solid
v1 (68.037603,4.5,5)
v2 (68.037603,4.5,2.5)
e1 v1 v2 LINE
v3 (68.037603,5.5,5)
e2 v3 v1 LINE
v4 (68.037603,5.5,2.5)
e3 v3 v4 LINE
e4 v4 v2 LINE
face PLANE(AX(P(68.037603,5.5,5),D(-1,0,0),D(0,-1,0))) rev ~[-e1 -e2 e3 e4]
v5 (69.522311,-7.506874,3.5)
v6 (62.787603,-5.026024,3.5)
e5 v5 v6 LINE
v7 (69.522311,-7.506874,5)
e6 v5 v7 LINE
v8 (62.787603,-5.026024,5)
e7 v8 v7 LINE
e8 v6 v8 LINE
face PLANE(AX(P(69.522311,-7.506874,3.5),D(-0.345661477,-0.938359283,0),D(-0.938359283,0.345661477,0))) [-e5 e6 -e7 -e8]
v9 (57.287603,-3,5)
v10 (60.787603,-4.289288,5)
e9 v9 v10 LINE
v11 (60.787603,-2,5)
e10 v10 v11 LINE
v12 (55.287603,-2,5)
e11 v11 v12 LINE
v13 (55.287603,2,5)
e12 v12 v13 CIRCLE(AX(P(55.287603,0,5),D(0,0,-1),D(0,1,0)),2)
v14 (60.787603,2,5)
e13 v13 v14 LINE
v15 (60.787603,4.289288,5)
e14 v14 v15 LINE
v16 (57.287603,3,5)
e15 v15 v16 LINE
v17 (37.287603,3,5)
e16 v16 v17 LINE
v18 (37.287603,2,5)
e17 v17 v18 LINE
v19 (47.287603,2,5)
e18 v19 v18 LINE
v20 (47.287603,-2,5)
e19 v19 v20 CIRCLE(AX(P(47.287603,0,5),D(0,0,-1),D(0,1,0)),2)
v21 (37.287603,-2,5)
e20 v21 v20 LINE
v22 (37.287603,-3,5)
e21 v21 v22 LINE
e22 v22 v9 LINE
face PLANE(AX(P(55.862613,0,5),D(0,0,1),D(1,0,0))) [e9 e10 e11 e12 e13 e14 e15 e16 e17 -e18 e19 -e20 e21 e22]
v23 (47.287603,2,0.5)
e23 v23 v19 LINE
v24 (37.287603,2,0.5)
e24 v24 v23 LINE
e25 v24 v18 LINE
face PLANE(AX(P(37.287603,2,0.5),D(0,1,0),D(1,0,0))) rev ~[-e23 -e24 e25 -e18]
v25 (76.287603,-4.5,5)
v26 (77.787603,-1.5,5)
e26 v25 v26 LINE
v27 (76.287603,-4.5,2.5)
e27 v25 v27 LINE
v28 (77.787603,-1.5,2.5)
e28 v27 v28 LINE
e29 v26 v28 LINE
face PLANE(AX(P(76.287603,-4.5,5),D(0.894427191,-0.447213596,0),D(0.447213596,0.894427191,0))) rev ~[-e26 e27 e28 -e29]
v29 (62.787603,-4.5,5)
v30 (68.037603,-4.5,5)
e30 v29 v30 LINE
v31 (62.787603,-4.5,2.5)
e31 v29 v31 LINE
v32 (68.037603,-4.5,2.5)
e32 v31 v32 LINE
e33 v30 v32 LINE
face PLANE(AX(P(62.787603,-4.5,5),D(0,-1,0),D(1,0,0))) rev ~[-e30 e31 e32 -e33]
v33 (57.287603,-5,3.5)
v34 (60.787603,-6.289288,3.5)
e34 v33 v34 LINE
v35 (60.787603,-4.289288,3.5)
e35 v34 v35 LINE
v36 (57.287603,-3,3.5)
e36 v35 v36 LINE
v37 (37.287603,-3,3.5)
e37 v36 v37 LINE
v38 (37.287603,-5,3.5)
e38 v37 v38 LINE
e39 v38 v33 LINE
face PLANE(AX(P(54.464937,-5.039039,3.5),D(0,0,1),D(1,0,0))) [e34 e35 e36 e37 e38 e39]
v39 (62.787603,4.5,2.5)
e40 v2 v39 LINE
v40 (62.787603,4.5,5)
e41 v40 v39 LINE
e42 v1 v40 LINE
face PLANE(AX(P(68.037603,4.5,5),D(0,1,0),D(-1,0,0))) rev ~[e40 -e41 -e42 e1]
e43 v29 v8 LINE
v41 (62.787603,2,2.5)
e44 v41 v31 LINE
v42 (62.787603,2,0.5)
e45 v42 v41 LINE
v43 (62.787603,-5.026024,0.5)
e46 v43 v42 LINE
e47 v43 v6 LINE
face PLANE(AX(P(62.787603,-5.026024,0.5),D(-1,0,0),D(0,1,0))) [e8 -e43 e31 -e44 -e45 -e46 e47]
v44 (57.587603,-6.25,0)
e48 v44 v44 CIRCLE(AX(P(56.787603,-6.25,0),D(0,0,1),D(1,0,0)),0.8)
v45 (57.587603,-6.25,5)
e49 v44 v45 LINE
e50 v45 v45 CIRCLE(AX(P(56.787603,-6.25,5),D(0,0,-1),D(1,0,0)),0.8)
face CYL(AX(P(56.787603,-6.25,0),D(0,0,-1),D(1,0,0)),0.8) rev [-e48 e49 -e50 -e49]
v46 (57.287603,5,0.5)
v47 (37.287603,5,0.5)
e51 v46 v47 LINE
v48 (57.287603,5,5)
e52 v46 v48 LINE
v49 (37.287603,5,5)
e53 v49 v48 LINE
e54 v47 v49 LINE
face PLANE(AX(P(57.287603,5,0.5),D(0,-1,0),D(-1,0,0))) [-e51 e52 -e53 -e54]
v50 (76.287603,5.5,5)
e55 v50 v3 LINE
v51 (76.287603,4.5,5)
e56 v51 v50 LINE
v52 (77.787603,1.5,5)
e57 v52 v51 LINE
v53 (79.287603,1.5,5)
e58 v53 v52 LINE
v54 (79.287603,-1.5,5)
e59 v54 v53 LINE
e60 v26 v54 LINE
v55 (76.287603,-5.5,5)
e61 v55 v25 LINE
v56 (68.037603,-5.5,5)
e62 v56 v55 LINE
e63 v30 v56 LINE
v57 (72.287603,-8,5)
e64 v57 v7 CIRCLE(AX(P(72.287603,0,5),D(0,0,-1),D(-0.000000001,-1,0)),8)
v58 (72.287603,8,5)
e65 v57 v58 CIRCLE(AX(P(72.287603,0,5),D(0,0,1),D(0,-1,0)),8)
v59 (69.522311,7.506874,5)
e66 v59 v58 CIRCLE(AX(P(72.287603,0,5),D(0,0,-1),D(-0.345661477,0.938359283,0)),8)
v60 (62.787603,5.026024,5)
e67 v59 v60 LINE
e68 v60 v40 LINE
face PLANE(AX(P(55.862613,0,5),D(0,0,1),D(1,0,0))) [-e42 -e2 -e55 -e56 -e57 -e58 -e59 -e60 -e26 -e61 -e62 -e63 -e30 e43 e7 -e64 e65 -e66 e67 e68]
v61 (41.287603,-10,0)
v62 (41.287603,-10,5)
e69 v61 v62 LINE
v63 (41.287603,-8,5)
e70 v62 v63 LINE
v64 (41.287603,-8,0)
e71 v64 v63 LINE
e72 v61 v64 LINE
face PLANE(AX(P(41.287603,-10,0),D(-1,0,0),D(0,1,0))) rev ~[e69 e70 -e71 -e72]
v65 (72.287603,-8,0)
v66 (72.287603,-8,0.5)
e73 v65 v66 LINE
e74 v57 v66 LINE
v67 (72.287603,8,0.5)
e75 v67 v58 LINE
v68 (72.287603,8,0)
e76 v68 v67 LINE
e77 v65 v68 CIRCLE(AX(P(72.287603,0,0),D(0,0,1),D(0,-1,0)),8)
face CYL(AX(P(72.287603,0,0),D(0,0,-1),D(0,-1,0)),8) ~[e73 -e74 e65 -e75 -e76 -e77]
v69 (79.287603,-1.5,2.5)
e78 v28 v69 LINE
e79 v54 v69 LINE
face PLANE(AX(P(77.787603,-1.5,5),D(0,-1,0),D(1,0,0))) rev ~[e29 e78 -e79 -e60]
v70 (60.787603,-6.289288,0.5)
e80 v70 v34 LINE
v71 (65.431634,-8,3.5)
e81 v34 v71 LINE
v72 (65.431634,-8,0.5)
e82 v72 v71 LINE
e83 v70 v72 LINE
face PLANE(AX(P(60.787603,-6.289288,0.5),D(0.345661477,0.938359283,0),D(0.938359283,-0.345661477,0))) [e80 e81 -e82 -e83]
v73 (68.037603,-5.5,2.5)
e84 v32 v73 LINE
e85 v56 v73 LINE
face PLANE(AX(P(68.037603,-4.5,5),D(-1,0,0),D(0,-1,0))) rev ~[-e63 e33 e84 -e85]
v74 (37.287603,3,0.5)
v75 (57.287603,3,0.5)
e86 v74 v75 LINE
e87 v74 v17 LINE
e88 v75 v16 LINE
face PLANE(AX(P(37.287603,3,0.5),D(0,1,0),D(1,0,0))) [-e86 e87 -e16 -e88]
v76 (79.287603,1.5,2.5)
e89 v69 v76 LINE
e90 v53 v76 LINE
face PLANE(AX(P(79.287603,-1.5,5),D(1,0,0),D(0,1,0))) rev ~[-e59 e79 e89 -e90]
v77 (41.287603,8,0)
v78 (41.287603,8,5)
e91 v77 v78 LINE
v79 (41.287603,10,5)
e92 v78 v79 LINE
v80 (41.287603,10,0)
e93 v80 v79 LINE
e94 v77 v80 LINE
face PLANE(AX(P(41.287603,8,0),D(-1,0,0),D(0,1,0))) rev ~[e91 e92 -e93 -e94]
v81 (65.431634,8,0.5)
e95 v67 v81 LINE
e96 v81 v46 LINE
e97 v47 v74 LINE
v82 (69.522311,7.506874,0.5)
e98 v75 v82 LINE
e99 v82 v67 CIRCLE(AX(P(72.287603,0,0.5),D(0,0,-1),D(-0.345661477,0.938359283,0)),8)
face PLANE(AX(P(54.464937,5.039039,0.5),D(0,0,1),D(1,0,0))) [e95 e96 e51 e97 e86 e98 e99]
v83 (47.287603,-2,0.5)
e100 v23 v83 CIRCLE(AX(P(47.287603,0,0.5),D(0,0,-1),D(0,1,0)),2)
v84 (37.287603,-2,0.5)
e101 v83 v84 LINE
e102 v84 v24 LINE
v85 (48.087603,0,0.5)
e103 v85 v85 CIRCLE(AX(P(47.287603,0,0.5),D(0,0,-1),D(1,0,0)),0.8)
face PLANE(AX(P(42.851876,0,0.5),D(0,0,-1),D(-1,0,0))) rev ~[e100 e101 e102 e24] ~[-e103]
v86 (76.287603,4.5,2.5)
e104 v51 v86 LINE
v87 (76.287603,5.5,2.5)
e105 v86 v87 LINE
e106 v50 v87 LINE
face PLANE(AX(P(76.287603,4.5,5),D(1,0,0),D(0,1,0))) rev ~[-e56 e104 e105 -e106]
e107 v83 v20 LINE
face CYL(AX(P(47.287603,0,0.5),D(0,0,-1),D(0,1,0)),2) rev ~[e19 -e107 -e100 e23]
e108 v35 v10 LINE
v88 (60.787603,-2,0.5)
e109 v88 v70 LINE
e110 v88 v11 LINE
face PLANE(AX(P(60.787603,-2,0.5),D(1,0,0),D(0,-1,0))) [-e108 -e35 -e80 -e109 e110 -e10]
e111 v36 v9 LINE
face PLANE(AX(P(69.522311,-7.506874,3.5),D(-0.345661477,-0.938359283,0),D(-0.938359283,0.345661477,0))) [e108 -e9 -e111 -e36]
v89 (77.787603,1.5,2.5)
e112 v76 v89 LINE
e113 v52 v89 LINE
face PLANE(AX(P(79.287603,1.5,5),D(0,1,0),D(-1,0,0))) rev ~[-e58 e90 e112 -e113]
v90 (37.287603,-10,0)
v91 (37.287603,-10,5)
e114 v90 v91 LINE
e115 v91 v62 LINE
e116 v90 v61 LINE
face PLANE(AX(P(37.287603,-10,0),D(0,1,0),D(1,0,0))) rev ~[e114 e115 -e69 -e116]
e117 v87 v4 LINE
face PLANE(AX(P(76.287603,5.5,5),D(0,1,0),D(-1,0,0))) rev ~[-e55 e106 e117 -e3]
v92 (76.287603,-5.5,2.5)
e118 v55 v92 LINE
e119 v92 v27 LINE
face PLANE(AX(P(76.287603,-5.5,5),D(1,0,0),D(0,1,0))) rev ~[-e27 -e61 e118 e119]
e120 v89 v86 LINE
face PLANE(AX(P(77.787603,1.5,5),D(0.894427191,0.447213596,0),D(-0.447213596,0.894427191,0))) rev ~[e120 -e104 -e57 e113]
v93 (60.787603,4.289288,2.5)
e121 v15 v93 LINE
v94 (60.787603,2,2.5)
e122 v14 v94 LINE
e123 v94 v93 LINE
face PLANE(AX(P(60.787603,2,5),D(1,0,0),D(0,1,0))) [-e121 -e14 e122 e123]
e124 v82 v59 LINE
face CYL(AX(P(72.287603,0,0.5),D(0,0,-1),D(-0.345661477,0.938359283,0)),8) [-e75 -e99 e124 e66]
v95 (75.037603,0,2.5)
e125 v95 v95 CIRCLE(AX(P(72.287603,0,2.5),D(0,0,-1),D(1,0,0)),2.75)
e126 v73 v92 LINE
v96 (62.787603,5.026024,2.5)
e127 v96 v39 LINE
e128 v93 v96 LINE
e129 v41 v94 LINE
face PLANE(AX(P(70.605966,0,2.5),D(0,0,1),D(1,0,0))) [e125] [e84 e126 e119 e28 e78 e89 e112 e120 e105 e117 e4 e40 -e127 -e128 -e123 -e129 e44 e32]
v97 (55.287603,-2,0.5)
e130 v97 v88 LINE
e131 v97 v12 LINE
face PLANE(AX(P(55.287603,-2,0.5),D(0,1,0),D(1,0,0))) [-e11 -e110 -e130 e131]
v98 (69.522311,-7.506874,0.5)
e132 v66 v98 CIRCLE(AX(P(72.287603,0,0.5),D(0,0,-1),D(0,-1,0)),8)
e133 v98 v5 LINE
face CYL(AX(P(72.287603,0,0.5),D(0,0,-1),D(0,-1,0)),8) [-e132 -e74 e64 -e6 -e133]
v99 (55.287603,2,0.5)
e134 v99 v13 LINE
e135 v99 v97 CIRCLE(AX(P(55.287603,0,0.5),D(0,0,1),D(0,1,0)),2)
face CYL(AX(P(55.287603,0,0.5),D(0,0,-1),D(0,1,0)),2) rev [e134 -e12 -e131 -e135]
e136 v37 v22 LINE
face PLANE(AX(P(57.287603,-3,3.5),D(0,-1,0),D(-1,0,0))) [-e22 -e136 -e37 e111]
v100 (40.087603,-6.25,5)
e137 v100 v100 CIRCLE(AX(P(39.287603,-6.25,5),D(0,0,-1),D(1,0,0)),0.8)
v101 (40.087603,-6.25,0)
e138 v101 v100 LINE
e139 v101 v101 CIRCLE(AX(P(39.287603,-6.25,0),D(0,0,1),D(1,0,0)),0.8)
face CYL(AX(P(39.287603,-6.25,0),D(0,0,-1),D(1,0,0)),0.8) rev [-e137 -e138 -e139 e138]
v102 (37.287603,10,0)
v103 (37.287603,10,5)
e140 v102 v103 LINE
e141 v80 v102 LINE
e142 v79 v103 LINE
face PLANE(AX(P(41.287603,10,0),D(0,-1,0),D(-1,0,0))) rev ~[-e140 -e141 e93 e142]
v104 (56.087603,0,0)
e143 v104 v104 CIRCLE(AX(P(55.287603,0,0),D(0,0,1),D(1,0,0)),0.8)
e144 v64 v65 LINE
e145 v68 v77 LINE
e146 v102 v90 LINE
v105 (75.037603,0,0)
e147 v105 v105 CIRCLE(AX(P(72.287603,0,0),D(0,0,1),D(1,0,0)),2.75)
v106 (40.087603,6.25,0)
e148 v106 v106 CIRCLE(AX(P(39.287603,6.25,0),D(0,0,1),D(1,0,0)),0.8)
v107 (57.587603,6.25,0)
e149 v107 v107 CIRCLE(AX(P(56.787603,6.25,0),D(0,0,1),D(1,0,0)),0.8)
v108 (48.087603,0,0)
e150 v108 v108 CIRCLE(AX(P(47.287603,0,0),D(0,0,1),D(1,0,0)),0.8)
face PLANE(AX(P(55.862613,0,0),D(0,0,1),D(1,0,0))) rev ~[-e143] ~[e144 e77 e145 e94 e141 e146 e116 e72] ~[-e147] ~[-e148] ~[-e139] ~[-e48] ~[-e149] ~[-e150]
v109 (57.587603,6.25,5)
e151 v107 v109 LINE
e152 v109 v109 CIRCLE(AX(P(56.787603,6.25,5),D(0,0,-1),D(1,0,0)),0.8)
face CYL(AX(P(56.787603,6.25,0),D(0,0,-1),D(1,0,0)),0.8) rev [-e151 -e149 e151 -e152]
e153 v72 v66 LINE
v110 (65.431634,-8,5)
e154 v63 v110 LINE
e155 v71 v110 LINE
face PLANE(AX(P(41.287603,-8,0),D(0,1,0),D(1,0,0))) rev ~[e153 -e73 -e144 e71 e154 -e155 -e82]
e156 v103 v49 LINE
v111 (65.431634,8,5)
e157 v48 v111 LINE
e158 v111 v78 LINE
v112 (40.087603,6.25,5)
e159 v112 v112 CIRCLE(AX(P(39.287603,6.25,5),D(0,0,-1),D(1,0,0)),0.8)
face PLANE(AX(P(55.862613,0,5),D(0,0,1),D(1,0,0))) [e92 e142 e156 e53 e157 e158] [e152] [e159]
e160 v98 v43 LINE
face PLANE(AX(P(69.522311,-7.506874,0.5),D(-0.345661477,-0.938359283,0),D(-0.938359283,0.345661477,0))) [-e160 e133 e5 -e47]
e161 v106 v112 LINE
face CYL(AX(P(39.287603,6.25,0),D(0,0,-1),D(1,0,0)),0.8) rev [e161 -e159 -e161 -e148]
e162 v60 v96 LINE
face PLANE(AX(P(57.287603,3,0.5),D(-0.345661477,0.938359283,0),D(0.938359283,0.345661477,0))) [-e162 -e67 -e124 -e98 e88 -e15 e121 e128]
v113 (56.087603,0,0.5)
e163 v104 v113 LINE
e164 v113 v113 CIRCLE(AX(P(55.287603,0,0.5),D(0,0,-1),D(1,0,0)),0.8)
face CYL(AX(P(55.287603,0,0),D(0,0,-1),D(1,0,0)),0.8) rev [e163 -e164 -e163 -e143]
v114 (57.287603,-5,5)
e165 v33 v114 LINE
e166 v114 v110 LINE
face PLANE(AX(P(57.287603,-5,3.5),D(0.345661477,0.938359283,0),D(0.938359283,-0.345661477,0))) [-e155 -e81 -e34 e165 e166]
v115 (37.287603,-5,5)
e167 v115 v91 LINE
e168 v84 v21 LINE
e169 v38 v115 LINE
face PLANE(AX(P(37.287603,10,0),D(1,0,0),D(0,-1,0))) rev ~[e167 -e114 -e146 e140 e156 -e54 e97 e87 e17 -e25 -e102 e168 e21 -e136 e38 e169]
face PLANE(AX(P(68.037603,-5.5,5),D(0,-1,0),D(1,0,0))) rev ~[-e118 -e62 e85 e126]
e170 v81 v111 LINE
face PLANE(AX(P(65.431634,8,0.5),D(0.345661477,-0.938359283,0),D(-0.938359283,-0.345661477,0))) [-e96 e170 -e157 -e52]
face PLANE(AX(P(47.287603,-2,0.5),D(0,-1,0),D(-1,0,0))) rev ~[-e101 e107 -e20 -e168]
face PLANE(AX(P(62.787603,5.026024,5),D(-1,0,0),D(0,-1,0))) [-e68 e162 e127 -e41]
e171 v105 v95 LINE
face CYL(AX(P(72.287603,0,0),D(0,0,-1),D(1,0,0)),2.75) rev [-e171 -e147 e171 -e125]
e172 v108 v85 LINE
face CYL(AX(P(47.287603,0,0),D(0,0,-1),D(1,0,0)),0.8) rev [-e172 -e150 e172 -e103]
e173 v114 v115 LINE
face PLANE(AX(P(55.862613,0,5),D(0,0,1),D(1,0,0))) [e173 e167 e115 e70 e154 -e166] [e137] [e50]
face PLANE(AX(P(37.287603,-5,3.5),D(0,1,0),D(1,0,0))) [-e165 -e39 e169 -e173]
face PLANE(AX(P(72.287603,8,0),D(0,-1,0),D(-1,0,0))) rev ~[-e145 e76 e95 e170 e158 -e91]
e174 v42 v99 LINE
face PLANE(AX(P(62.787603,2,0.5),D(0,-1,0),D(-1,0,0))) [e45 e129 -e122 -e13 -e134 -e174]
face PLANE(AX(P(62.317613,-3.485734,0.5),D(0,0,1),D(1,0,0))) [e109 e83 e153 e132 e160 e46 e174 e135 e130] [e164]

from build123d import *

# Parameters (mm, degrees)
BOSS_EXTRUDE1_DEPTH              = 5
SKETCH4_R                        = 2.75
POT_HOLE_DEPTH                   = 82.062316455
POT_START                        = 5
POT_INSERT_DEPTH                 = 2.5
MIDDLE_START                     = 3.5
MIDDLE_FLEXION_DEPTH             = 2.5
MIDDLE_START_2                   = 0.5
MIDDLE_EXTENSION_DEPTH           = 5.5
PROXIMAL_START                   = 0.5
PROXIMAL_FLEXION_EXTENSION_DEPTH = 5.5
SKETCH9_R                        = 0.8
SCREW_HOLES_DEPTH                = 82.062316455
CUT_EXTRUDE4_START               = 0.5
CUT_EXTRUDE4_DEPTH               = 5.5
CUT_EXTRUDE5_START               = 5
CUT_EXTRUDE5_DEPTH               = 2.5


with BuildPart() as part:
    # Sketch1 → Boss-Extrude1 (new body)
    with BuildSketch(Plane.XY):
        with BuildLine():
            Line((72.287602711, 8), (41.287602711, 8))
            Line((41.287602711, 8), (41.287602711, 10))
            Line((41.287602711, 10), (37.287602711, 10))
            Line((37.287602711, 10), (37.287602711, -10))
            Line((37.287602711, -10), (41.287602711, -10))
            Line((41.287602711, -10), (41.287602711, -8))
            Line((41.287602711, -8), (72.287602711, -8))
            ThreePointArc((72.287602711, -8), (80.287602711, 0), (72.287602711, 8))
        make_face()
    extrude(amount=BOSS_EXTRUDE1_DEPTH)

    # Sketch4 → Pot Hole (cut, through all)
    with BuildSketch(Plane.XY):
        with Locations((72.287602711, 0)):
            Circle(SKETCH4_R)
    extrude(amount=POT_HOLE_DEPTH, mode=Mode.SUBTRACT)

    # Sketch3 → Pot Insert (cut)
    with BuildSketch(Plane(origin=(28.28760271, 0, 0), x_dir=(1, 0, 0), z_dir=(0, 0, 1)).offset(POT_START)):
        Polygon((51.000000001, 0), (51.000000001, 1.5), (49.500000001, 1.5), (48.000000001, 4.5), (48.000000001, 5.5), (44.000000001, 5.5), (39.750000001, 5.5), (39.750000001, 4.5), (34.500000001, 4.5), (34.500000001, 0), (34.500000001, -4.5), (39.750000001, -4.5), (39.750000001, -5.5), (44.000000001, -5.5), (48.000000001, -5.5), (48.000000001, -4.5), (49.500000001, -1.5), (51.000000001, -1.5), align=None)
    extrude(amount=-POT_INSERT_DEPTH, mode=Mode.SUBTRACT)

    # Sketch16 → Middle Flexion (cut)
    with BuildSketch(Plane.XY.offset(MIDDLE_START)):
        with BuildLine():
            Line((65.431633901, -8), (72.287602711, -8))
            ThreePointArc((72.287602711, -8), (70.883144469, -7.875753744), (69.522310897, -7.506874262))
            Line((69.522310897, -7.506874262), (57.287602711, -3))
            Line((57.287602711, -3), (37.287602711, -3))
            Line((37.287602711, -3), (37.287602711, -5))
            Line((37.287602711, -5), (57.287602711, -5))
            Line((57.287602711, -5), (65.431633901, -8))
        make_face()
    extrude(amount=MIDDLE_FLEXION_DEPTH, mode=Mode.SUBTRACT)

    # Sketch11 → Middle Extension (cut)
    with BuildSketch(Plane.XY.offset(MIDDLE_START_2)):
        with BuildLine():
            Line((57.287602711, 5.000000001), (37.287602711, 5.000000001))
            Line((37.287602711, 5.000000001), (37.287602711, 3.000000001))
            Line((37.287602711, 3.000000001), (57.287602711, 3.000000001))
            Line((57.287602711, 3.000000001), (69.522310897, 7.506874262))
            ThreePointArc((69.522310897, 7.506874262), (70.88314447, 7.875753745), (72.287602711, 8))
            Line((72.287602711, 8), (65.4316339, 8))
            Line((65.4316339, 8), (57.287602711, 5.000000001))
        make_face()
    extrude(amount=MIDDLE_EXTENSION_DEPTH, mode=Mode.SUBTRACT)

    # Sketch8 → Proximal Flexion/Extension (cut)
    with BuildSketch(Plane.XY.offset(PROXIMAL_START)):
        with BuildLine():
            ThreePointArc((47.287602711, 2), (49.287602711, 0), (47.287602711, -2))
            Line((47.287602711, -2), (37.287602711, -2))
            Line((37.287602711, -2), (37.287602711, 0))
            Line((37.287602711, 0), (37.287602711, 2))
            Line((37.287602711, 2), (47.287602711, 2))
        make_face()
    extrude(amount=PROXIMAL_FLEXION_EXTENSION_DEPTH, mode=Mode.SUBTRACT)

    # Sketch9 → Screw Holes (cut, through all)
    with BuildSketch(Plane.XY):
        with Locations((47.287602711, 0)):
            Circle(SKETCH9_R)
        with Locations((56.787602711, -6.25)):
            Circle(SKETCH9_R)
        with Locations((39.287602711, -6.25)):
            Circle(SKETCH9_R)
        with Locations((55.287602711, 0)):
            Circle(SKETCH9_R)
        with Locations((39.287602711, 6.25)):
            Circle(SKETCH9_R)
        with Locations((56.787602711, 6.25)):
            Circle(SKETCH9_R)
    extrude(amount=SCREW_HOLES_DEPTH, mode=Mode.SUBTRACT)

    # Sketch12 → Cut-Extrude4 (cut)
    with BuildSketch(Plane.XY.offset(CUT_EXTRUDE4_START)):
        with BuildLine():
            Line((62.787602711, 2), (60.787602711, 2))
            Line((60.787602711, 2), (55.287602711, 2))
            ThreePointArc((55.287602711, 2), (53.287602711, 0), (55.287602711, -2))
            Line((55.287602711, -2), (60.787602711, -2))
            Line((60.787602711, -2), (60.787602711, -6.289287793))
            Line((60.787602711, -6.289287793), (65.431633901, -8))
            Line((65.431633901, -8), (72.287602711, -8))
            ThreePointArc((72.287602711, -8), (70.883144469, -7.875753745), (69.522310897, -7.506874262))
            Line((69.522310897, -7.506874262), (62.787602711, -5.026023675))
            Line((62.787602711, -5.026023675), (62.787602711, 2))
        make_face()
    extrude(amount=CUT_EXTRUDE4_DEPTH, mode=Mode.SUBTRACT)

    # Sketch13 → Cut-Extrude5 (cut)
    with BuildSketch(Plane.XY.offset(CUT_EXTRUDE5_START)):
        Polygon((62.787602711, 2), (60.787602711, 2), (60.787602711, 4.289287794), (62.787602711, 5.026023675), align=None)
    extrude(amount=-CUT_EXTRUDE5_DEPTH, mode=Mode.SUBTRACT)


solid = part.part
